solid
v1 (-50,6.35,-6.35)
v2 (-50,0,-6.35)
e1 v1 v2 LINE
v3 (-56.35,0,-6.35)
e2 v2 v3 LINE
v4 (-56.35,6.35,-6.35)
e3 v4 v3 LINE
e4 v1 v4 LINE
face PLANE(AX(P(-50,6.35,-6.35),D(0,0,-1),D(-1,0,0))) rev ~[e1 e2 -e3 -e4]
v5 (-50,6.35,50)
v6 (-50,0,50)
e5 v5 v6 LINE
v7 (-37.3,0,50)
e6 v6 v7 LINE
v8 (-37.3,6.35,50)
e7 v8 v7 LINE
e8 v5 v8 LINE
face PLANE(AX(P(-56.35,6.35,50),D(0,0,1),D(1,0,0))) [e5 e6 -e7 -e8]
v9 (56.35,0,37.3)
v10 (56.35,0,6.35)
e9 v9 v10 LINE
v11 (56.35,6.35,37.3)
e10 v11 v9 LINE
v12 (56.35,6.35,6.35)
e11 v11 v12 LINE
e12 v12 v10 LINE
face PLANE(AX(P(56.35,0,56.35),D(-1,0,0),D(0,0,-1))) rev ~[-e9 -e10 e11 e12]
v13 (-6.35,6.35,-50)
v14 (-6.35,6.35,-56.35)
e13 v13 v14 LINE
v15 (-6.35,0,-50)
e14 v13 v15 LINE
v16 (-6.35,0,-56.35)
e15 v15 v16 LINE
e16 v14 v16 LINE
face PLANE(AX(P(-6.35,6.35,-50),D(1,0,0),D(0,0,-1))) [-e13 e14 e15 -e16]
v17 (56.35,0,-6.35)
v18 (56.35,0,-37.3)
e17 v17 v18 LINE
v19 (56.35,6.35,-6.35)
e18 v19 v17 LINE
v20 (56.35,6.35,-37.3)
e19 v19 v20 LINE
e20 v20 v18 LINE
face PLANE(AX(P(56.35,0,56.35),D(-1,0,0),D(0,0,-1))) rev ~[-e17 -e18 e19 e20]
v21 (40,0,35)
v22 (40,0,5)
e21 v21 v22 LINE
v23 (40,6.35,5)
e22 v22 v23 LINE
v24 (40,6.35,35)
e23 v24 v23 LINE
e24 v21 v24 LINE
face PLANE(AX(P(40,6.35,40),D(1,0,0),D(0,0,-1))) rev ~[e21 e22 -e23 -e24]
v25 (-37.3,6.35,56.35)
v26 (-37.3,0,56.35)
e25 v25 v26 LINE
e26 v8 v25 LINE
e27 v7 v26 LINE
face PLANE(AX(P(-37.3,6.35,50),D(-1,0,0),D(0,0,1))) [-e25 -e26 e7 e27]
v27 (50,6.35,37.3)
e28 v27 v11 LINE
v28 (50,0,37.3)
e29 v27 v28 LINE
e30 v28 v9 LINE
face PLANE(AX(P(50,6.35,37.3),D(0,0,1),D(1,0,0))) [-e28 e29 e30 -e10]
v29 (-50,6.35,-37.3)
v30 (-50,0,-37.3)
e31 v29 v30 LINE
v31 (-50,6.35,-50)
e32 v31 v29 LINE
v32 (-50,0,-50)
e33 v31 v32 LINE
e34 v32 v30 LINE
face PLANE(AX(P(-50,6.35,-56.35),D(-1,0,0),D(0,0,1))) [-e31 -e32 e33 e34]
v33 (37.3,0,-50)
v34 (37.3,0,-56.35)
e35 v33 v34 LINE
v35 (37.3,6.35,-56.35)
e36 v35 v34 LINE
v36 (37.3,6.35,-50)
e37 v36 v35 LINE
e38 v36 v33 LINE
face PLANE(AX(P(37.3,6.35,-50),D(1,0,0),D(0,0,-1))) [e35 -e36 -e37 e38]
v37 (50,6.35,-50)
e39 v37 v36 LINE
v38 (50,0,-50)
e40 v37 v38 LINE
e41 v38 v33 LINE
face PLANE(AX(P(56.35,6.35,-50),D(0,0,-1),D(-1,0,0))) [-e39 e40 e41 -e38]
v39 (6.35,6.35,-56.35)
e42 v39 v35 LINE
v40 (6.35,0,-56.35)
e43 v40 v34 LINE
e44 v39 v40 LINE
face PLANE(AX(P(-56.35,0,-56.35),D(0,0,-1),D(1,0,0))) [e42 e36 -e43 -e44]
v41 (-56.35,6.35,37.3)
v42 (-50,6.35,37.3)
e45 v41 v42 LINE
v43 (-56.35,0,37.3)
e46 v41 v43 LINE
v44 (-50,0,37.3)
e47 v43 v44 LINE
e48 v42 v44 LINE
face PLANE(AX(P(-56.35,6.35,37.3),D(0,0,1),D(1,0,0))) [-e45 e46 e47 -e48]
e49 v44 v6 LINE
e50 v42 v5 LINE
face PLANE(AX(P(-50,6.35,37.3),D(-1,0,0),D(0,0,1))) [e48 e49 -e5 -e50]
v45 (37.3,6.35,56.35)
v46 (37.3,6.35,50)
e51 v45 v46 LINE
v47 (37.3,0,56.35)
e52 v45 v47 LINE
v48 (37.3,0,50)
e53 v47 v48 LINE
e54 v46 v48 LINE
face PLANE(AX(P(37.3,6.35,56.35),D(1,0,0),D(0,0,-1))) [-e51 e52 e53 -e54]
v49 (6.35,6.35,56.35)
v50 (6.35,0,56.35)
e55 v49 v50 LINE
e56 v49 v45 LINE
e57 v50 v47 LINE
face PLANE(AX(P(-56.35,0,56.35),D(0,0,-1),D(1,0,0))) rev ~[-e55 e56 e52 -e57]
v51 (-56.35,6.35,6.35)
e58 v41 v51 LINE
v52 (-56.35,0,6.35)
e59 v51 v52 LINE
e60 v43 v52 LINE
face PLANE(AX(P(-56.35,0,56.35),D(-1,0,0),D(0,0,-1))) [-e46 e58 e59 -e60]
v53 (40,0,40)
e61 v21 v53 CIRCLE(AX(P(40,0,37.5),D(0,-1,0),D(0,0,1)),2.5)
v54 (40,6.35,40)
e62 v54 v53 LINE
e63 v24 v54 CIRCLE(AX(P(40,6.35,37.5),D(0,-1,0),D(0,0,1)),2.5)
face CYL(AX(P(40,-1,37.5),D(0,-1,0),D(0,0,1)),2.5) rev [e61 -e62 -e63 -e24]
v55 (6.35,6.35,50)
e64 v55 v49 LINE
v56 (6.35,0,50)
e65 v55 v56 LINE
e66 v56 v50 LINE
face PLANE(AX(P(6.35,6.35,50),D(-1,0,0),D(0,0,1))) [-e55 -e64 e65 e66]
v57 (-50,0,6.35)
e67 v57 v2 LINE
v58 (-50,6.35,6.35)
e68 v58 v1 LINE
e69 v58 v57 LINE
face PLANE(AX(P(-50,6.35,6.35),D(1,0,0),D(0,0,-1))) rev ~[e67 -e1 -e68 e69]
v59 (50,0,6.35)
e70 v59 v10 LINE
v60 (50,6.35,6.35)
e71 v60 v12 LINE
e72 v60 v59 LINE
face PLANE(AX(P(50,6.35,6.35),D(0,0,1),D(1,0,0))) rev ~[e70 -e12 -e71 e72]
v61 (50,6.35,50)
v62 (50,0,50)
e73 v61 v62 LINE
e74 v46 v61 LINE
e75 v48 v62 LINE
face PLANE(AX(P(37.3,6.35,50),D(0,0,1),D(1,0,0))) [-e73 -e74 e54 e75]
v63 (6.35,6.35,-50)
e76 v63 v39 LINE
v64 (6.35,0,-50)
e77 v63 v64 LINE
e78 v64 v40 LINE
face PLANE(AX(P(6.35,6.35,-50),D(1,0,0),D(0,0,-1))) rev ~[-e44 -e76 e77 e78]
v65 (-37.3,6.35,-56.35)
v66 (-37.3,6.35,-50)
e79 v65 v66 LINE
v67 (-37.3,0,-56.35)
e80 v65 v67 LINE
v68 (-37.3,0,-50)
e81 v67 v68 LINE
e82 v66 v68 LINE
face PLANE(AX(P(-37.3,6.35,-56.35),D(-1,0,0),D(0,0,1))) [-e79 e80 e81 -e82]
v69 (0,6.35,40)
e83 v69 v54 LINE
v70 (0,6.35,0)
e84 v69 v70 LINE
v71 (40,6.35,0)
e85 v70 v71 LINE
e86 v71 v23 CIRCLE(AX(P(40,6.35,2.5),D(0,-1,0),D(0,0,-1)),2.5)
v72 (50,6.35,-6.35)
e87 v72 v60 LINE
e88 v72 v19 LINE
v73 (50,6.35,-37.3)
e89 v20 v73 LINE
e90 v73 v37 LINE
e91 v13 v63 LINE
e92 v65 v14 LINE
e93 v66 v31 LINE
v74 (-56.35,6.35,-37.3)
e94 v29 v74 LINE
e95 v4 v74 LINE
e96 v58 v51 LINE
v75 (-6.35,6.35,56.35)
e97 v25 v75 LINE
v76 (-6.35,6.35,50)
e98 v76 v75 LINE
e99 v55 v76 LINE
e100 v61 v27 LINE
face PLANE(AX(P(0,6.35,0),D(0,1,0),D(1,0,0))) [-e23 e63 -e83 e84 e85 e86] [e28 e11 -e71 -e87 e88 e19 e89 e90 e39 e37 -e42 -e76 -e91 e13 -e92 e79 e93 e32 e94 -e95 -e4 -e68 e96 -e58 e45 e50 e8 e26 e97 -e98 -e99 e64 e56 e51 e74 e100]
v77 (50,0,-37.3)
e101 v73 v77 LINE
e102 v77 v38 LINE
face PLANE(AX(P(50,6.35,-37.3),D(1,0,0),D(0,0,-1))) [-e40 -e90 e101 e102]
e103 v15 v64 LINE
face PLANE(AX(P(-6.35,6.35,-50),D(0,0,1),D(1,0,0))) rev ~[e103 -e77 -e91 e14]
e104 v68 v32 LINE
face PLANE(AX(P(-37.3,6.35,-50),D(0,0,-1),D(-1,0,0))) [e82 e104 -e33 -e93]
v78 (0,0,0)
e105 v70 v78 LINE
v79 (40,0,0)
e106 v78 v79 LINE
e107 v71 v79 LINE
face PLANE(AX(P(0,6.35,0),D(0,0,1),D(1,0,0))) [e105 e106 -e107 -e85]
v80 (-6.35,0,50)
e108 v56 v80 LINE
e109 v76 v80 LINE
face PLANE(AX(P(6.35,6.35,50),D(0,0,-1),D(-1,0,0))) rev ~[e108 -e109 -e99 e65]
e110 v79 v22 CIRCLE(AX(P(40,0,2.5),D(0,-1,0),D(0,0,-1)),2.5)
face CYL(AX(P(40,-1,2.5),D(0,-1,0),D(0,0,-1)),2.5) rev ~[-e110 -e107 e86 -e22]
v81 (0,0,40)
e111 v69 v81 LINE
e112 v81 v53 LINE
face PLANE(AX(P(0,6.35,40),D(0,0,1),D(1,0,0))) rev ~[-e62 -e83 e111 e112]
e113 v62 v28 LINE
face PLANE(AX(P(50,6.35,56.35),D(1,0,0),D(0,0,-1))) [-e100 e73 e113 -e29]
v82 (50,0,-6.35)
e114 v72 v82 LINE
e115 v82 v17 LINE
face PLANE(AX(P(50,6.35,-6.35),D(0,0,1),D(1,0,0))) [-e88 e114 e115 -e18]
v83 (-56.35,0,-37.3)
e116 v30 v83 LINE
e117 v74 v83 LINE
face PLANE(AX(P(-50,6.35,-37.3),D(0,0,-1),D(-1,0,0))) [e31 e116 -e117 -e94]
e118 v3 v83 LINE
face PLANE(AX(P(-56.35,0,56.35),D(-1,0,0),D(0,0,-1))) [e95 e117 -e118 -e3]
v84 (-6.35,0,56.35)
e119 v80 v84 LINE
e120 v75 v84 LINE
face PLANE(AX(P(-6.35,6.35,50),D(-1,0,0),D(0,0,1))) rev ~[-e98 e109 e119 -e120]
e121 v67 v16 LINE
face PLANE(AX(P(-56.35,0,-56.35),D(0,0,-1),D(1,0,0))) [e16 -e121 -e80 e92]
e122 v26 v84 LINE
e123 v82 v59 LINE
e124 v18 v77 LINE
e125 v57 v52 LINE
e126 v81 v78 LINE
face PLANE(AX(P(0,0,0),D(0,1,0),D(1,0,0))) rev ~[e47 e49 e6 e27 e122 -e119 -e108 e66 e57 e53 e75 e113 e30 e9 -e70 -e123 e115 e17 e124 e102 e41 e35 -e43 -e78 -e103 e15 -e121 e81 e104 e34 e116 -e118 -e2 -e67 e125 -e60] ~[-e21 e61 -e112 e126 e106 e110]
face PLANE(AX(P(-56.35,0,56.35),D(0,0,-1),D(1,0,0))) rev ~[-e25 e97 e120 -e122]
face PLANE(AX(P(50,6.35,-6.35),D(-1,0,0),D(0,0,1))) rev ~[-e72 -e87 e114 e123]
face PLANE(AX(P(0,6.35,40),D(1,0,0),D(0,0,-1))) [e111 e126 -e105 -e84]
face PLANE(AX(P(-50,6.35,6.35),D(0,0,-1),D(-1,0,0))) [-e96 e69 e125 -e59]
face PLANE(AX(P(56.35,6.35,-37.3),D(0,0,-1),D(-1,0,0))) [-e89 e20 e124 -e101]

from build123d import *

# Parameters (mm, degrees)
SKETCH1_W           = 112.7
SKETCH1_H           = 112.7
BOSS_EXTRUDE1_DEPTH = 6.35
SKETCH2_W           = 12.7
SKETCH2_H           = 6.35
CUT_EXTRUDE2_DEPTH  = 7.35
CIRPATTERN1_COUNT   = 4
SKETCH5_W           = 6.35
SKETCH5_H           = 19.05
CUT_EXTRUDE3_DEPTH  = 7.35
SKETCH6_W           = 12.7
SKETCH6_H           = 6.35
CUT_EXTRUDE4_DEPTH  = 7.35
CIRPATTERN2_COUNT   = 4
CIRPATTERN3_COUNT   = 4
SKETCH7_W           = 40
SKETCH7_H           = 40
CUT_EXTRUDE5_DEPTH  = 7.35
CUT_EXTRUDE6_START  = -7.35
CUT_EXTRUDE6_DEPTH  = 8.35


with BuildPart() as part:
    # Sketch1 → Boss-Extrude1 (new body)
    with BuildSketch(Plane(origin=(0, 0, 0), x_dir=(1, 0, 0), z_dir=(0, 1, 0))):
        Rectangle(SKETCH1_W, SKETCH1_H)
    extrude(amount=BOSS_EXTRUDE1_DEPTH)

    # Sketch2 → Cut-Extrude2 (cut, through all)
    with BuildSketch(Plane(origin=(0, 6.35, 0), x_dir=(1, 0, 0), z_dir=(0, 1, 0))):
        with Locations((0, 53.175)):
            Rectangle(SKETCH2_W, SKETCH2_H)
    cut_extrude2 = extrude(amount=-CUT_EXTRUDE2_DEPTH, mode=Mode.SUBTRACT)

    # CirPattern1: Cut-Extrude2 ×4 about axis
    cirpattern1_axis = Axis((0, 0, 0), (0, 1, 0))
    for i in range(1, CIRPATTERN1_COUNT):
        add(cut_extrude2.rotate(cirpattern1_axis, i * 360 / CIRPATTERN1_COUNT), mode=Mode.SUBTRACT)

    # Sketch5 → Cut-Extrude3 (cut, through all)
    with BuildSketch(Plane(origin=(0, 6.35, 0), x_dir=(1, 0, 0), z_dir=(0, 1, 0))):
        with Locations((53.175, -46.825)):
            Rectangle(SKETCH5_W, SKETCH5_H)
    cut_extrude3 = extrude(amount=-CUT_EXTRUDE3_DEPTH, mode=Mode.SUBTRACT)

    # Sketch6 → Cut-Extrude4 (cut, through all)
    with BuildSketch(Plane(origin=(0, 6.35, 0), x_dir=(1, 0, 0), z_dir=(0, 1, 0))):
        with Locations((43.65, -53.175)):
            Rectangle(SKETCH6_W, SKETCH6_H)
    cut_extrude4 = extrude(amount=-CUT_EXTRUDE4_DEPTH, mode=Mode.SUBTRACT)

    # CirPattern2: Cut-Extrude3 ×4 about axis
    cirpattern2_axis = Axis((0, 0, 0), (0, 1, 0))
    for i in range(1, CIRPATTERN2_COUNT):
        add(cut_extrude3.rotate(cirpattern2_axis, i * 360 / CIRPATTERN2_COUNT), mode=Mode.SUBTRACT)

    # CirPattern3: Cut-Extrude4 ×4 about axis
    cirpattern3_axis = Axis((0, 0, 0), (0, 1, 0))
    for i in range(1, CIRPATTERN3_COUNT):
        add(cut_extrude4.rotate(cirpattern3_axis, i * 360 / CIRPATTERN3_COUNT), mode=Mode.SUBTRACT)

    # Sketch7 → Cut-Extrude5 (cut, through all)
    with BuildSketch(Plane(origin=(0, 6.35, 0), x_dir=(1, 0, 0), z_dir=(0, 1, 0))):
        with Locations((20, -20)):
            Rectangle(SKETCH7_W, SKETCH7_H)
    extrude(amount=-CUT_EXTRUDE5_DEPTH, mode=Mode.SUBTRACT)

    # Sketch8 → Cut-Extrude6 (cut)
    with BuildSketch(Plane(origin=(0, 6.35, 0), x_dir=(1, 0, 0), z_dir=(0, 1, 0)).offset(CUT_EXTRUDE6_START)):
        with BuildLine():
            Line((40, -35), (40, -40))
            ThreePointArc((40, -40), (42.5, -37.5), (40, -35))
        make_face()
    cut_extrude6 = extrude(amount=CUT_EXTRUDE6_DEPTH, mode=Mode.SUBTRACT)

    # Mirror1: Cut-Extrude6 across plane
    add(cut_extrude6.mirror(Plane(origin=(0, 3.175, 20), x_dir=(1, 0, 0), z_dir=(0, 0, 1))), mode=Mode.SUBTRACT)


solid = part.part
